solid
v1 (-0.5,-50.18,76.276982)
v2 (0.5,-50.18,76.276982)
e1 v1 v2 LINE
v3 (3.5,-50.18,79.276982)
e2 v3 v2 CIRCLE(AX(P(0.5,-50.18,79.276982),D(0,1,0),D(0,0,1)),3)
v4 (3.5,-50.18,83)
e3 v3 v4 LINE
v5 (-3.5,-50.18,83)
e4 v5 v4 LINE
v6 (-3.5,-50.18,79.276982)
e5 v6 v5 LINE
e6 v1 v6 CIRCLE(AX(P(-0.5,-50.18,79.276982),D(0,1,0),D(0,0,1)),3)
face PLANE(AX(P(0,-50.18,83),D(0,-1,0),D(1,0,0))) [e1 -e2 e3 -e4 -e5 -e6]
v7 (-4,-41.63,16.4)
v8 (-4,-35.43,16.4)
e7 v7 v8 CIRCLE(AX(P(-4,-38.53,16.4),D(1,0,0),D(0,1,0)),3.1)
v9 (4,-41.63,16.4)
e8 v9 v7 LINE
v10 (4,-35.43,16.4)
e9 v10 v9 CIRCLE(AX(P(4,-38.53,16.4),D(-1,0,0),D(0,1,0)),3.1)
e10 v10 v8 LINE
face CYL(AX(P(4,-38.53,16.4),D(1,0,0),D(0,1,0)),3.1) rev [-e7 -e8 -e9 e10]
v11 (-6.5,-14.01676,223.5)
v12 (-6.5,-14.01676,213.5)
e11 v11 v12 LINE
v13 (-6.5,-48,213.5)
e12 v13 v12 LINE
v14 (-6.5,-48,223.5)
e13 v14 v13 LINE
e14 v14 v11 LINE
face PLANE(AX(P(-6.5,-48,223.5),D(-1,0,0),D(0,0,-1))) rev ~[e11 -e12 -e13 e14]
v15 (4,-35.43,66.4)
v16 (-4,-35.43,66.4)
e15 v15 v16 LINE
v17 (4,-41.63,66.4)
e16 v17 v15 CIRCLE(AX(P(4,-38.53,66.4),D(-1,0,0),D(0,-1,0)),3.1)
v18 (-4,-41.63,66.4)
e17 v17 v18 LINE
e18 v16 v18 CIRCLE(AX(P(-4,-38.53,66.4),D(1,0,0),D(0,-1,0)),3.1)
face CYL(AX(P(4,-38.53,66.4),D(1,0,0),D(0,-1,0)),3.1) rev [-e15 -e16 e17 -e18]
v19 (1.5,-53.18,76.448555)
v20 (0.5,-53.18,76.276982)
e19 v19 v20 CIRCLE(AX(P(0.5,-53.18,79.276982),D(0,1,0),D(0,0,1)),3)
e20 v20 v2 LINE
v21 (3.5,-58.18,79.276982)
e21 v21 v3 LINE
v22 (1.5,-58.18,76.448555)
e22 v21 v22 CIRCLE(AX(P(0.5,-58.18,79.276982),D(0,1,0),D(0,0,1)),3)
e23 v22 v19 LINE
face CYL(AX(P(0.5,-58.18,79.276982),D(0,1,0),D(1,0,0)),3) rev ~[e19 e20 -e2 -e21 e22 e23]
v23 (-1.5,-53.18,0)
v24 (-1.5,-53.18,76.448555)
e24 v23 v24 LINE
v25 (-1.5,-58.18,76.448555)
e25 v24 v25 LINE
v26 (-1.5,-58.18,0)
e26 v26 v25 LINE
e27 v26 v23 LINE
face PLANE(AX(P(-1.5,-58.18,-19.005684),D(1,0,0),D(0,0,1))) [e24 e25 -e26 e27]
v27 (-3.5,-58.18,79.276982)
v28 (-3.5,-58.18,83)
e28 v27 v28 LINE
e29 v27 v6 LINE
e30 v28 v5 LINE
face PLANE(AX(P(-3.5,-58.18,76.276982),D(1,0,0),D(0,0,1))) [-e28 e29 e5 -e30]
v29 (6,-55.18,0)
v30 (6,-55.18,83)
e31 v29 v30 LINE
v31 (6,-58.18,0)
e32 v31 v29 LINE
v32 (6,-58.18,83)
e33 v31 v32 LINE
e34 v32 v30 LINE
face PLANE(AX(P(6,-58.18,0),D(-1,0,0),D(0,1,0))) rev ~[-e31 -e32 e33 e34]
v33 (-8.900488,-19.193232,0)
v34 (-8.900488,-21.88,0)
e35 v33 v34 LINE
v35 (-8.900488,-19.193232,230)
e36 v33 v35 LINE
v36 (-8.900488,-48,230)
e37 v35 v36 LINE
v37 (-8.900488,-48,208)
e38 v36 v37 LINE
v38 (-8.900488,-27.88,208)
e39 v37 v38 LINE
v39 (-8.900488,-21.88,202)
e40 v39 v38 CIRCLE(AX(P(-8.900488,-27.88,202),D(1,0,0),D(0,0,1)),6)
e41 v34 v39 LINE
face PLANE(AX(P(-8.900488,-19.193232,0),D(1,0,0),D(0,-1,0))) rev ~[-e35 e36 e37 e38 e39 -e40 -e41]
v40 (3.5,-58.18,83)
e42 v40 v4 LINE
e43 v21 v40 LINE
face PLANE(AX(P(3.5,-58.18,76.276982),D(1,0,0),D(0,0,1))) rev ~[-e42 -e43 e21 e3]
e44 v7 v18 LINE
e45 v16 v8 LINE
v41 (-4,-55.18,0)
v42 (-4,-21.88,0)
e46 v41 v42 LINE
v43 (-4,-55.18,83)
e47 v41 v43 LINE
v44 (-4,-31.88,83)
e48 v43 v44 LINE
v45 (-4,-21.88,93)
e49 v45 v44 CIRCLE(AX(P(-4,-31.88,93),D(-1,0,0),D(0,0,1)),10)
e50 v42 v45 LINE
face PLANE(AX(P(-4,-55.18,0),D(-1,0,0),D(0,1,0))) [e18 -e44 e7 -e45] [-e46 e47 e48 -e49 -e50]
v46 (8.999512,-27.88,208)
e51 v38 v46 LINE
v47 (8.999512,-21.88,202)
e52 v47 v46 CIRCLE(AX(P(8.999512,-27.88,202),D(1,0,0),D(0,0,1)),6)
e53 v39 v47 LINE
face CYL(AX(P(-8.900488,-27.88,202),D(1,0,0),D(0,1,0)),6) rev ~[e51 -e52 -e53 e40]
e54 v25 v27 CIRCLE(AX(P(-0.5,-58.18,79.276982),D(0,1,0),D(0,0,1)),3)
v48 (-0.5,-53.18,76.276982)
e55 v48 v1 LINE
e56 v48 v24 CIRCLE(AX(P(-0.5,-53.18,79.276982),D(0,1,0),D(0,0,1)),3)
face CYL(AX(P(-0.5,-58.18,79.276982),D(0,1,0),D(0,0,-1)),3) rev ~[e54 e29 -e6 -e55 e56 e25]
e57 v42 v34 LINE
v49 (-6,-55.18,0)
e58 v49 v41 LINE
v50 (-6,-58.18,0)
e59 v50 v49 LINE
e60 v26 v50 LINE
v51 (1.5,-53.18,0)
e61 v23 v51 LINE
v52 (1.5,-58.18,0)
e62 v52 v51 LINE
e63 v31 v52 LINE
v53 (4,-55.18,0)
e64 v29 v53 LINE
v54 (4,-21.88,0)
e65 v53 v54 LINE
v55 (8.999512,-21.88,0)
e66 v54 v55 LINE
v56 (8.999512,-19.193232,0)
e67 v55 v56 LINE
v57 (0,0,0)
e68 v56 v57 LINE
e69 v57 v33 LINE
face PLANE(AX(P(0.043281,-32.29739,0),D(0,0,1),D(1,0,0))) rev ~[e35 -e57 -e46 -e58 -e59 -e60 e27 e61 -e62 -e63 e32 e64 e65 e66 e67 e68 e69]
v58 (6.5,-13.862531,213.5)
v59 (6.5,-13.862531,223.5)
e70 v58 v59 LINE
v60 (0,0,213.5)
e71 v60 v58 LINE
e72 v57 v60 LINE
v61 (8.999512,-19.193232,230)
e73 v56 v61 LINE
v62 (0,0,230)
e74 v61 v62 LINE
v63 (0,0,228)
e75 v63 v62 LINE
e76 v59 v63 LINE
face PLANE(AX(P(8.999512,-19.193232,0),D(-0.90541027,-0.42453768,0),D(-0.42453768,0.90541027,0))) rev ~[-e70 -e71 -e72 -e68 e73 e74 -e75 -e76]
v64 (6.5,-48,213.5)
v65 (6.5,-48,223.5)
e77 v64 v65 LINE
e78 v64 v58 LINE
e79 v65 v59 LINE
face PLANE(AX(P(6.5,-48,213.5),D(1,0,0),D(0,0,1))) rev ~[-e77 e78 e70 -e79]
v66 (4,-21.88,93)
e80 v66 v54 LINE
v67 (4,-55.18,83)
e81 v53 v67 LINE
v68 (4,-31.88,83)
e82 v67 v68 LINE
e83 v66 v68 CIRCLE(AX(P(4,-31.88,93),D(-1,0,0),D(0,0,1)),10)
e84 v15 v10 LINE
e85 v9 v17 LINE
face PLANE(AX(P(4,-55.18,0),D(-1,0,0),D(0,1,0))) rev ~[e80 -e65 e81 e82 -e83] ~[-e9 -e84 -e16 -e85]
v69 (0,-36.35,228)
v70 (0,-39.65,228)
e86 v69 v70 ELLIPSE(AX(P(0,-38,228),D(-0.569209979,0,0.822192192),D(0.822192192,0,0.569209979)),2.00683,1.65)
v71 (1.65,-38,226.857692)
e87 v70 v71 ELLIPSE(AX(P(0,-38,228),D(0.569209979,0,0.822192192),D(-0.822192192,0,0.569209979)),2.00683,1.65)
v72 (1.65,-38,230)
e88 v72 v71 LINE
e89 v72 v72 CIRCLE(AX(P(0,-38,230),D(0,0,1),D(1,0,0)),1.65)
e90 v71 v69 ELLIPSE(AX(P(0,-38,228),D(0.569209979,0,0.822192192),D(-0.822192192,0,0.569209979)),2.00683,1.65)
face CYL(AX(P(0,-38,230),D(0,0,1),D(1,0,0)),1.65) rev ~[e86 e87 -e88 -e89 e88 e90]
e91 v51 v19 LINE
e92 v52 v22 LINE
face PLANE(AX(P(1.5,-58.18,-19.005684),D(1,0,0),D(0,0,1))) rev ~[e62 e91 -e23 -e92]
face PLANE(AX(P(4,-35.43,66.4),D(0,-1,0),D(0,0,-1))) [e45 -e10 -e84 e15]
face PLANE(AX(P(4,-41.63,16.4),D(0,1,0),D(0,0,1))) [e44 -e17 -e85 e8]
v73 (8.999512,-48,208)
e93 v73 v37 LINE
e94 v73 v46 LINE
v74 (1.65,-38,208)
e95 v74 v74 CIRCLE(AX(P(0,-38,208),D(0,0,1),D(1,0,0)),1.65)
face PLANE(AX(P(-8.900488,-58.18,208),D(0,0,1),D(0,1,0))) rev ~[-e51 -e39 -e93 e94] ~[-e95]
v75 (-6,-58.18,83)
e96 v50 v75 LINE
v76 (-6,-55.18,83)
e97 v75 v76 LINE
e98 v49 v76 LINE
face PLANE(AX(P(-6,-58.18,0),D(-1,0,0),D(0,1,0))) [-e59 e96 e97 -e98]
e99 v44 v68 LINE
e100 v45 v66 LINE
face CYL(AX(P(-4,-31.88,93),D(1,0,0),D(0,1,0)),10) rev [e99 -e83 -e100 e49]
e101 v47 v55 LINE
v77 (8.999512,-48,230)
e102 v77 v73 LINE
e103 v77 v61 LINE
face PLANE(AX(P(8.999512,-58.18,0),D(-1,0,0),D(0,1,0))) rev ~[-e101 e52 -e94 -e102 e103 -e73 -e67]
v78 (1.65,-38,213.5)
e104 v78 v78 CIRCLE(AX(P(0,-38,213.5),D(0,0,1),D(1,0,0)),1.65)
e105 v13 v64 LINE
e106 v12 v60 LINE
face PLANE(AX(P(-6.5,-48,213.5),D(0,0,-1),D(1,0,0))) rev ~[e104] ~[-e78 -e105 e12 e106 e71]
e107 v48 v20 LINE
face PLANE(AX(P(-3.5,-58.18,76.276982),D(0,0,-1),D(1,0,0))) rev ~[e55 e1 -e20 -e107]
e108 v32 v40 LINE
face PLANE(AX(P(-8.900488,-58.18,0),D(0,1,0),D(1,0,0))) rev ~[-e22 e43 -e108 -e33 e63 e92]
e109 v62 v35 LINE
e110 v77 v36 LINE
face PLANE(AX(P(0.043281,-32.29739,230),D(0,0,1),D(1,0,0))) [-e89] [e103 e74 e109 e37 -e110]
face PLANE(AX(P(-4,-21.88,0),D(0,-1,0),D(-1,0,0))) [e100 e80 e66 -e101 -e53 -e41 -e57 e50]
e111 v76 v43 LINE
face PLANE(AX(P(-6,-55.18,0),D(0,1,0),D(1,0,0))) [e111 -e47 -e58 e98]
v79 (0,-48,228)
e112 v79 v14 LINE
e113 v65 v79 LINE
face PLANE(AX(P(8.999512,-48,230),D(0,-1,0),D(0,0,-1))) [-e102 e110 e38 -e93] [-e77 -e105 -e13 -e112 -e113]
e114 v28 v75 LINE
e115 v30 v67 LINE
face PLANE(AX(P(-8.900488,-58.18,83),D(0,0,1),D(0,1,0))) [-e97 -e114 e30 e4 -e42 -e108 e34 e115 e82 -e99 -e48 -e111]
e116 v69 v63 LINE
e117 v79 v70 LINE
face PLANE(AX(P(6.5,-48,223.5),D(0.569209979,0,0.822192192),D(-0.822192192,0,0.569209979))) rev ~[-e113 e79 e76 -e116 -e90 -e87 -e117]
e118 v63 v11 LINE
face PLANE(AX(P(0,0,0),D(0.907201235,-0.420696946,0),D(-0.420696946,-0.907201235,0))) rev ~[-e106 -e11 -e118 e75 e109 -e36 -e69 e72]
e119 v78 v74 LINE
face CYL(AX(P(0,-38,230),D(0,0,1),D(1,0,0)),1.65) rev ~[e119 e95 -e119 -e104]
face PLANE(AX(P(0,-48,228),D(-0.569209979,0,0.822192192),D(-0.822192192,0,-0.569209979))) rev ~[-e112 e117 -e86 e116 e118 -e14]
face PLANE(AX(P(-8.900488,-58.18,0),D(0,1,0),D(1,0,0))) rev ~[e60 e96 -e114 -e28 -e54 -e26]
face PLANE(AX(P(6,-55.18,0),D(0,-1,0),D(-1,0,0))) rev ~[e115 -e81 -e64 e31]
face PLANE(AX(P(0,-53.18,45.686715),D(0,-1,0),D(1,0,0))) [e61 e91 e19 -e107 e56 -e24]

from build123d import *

# Parameters (mm, degrees)
BOSS_EXTRUDE1_DEPTH     = 230
CUT_EXTRUDE2_DEPTH      = 93
SKETCH4_W               = 125
SKETCH4_H               = 36.3
CUT_EXTRUDE3_DEPTH      = 18.9
FILLET3_R               = 10
FILLET4_R               = 6
SKETCH5_W               = 22
SKETCH5_H               = 10.18
CUT_EXTRUDE4_DEPTH      = 18.9
CUT_EXTRUDE5_REACH      = 14.9
CUT_EXTRUDE6_REACH      = 232
SKETCH7_R               = 1.65
CUT_EXTRUDE7_DEPTH      = 49
SKETCH9_W               = 3
SKETCH9_H               = 129.384798753
CUT_EXTRUDE8_DEPTH      = 1
CUT_EXTRUDE8_DEPTH_BACK = 5
SKETCH10_W              = 7
SKETCH10_H              = 13.446036232
CUT_EXTRUDE9_DEPTH      = 8
FILLET5_R               = 3


with BuildPart() as part:
    # Sketch1 → Boss-Extrude1 (new body)
    with BuildSketch(Plane.XY):
        Polygon((0, 0), (-8.900488428, -19.193232029), (-8.900488428, -58.18), (8.999511572, -58.18), (8.999511572, -19.193232029), align=None)
    extrude(amount=BOSS_EXTRUDE1_DEPTH)

    # Sketch3 → Cut-Extrude2 (cut)
    with BuildSketch(Plane(origin=(0, 0, 0), x_dir=(-1, 0, 0), z_dir=(0, 0, -1))):
        Polygon((-6, -58.18), (-6, -55.18), (-4, -55.18), (-4, -21.88), (-8.999511572, -21.88), (-8.999511572, -58.18), align=None)
        Polygon((6, -55.18), (4, -55.18), (4, -21.88), (8.999511572, -21.88), (8.999511572, -58.18), (6, -58.18), align=None)
    extrude(amount=-CUT_EXTRUDE2_DEPTH, mode=Mode.SUBTRACT)

    # Sketch4 → Cut-Extrude3 (cut, through all)
    with BuildSketch(Plane.ZY.offset(8.900488428)):
        with Locations((145.5, -40.03)):
            Rectangle(SKETCH4_W, SKETCH4_H)
    extrude(amount=-CUT_EXTRUDE3_DEPTH, mode=Mode.SUBTRACT)

    # Fillet3
    fillet3_edges = [part.edges().sort_by_distance(p)[0] for p in [
        (0, -21.88, 83),
    ]]
    fillet(fillet3_edges, radius=FILLET3_R)

    # Fillet4
    fillet4_edges = [part.edges().sort_by_distance(p)[0] for p in [
        (0.049511572, -21.88, 208),
    ]]
    fillet(fillet4_edges, radius=FILLET4_R)

    # Sketch5 → Cut-Extrude4 (cut, through all)
    with BuildSketch(Plane(origin=(8.999511572, 0, 0), x_dir=(0, 0, -1), z_dir=(1, 0, 0))):
        with Locations((-219, -53.09)):
            Rectangle(SKETCH5_W, SKETCH5_H)
    extrude(amount=-CUT_EXTRUDE4_DEPTH, mode=Mode.SUBTRACT)

    # Sketch6 → Cut-Extrude5 (cut, up to next)
    with BuildSketch(Plane(origin=(4, 0, 0), x_dir=(0, 0, -1), z_dir=(1, 0, 0)), mode=Mode.PRIVATE) as cut_extrude5_sk1:
        with BuildLine():
            Line((-66.4, -35.43), (-16.4, -35.43))
            ThreePointArc((-16.4, -35.43), (-13.3, -38.53), (-16.4, -41.63))
            Line((-16.4, -41.63), (-66.4, -41.63))
            ThreePointArc((-66.4, -41.63), (-69.5, -38.53), (-66.4, -35.43))
        make_face()
    cut_extrude5_tool1 = extrude(cut_extrude5_sk1.sketch, amount=-CUT_EXTRUDE5_REACH, mode=Mode.PRIVATE) & part.part
    add(cut_extrude5_tool1.solids().sort_by_distance((4, -38.53, 41.4))[0], mode=Mode.SUBTRACT)

    # Sketch7 → Cut-Extrude6 (cut, up to next)
    with BuildSketch(Plane.XY.offset(230), mode=Mode.PRIVATE) as cut_extrude6_sk1:
        with Locations((0, -38)):
            Circle(SKETCH7_R)
    cut_extrude6_tool1 = extrude(cut_extrude6_sk1.sketch, amount=-CUT_EXTRUDE6_REACH, mode=Mode.PRIVATE) & part.part
    add(cut_extrude6_tool1.solids().sort_by_distance((0, -38, 230))[0], mode=Mode.SUBTRACT)

    # Sketch8 → Cut-Extrude7 (cut, through all)
    with BuildSketch(Plane.XZ.offset(48)):
        Polygon((0, 228), (-6.5, 223.5), (-6.5, 213.5), (6.5, 213.5), (6.5, 223.5), align=None)
    extrude(amount=-CUT_EXTRUDE7_DEPTH, mode=Mode.SUBTRACT)

    # Sketch9 → Cut-Extrude8 (cut, two sides)
    with BuildSketch(Plane.XZ.offset(58.18)) as cut_extrude8_sk:
        with Locations((0, 45.686714954)):
            Rectangle(SKETCH9_W, SKETCH9_H)
    extrude(amount=CUT_EXTRUDE8_DEPTH, mode=Mode.SUBTRACT)
    extrude(cut_extrude8_sk.sketch, amount=-CUT_EXTRUDE8_DEPTH_BACK, mode=Mode.SUBTRACT)

    # Sketch10 → Cut-Extrude9 (cut)
    with BuildSketch(Plane.XZ.offset(58.18)):
        with Locations((0, 83)):
            Rectangle(SKETCH10_W, SKETCH10_H)
    extrude(amount=-CUT_EXTRUDE9_DEPTH, mode=Mode.SUBTRACT)

    # Fillet5
    fillet5_edges = [part.edges().sort_by_distance(p)[0] for p in [
        (3.5, -54.18, 76.276981884),
        (-3.5, -54.18, 76.276981884),
    ]]
    fillet(fillet5_edges, radius=FILLET5_R)


solid = part.part
